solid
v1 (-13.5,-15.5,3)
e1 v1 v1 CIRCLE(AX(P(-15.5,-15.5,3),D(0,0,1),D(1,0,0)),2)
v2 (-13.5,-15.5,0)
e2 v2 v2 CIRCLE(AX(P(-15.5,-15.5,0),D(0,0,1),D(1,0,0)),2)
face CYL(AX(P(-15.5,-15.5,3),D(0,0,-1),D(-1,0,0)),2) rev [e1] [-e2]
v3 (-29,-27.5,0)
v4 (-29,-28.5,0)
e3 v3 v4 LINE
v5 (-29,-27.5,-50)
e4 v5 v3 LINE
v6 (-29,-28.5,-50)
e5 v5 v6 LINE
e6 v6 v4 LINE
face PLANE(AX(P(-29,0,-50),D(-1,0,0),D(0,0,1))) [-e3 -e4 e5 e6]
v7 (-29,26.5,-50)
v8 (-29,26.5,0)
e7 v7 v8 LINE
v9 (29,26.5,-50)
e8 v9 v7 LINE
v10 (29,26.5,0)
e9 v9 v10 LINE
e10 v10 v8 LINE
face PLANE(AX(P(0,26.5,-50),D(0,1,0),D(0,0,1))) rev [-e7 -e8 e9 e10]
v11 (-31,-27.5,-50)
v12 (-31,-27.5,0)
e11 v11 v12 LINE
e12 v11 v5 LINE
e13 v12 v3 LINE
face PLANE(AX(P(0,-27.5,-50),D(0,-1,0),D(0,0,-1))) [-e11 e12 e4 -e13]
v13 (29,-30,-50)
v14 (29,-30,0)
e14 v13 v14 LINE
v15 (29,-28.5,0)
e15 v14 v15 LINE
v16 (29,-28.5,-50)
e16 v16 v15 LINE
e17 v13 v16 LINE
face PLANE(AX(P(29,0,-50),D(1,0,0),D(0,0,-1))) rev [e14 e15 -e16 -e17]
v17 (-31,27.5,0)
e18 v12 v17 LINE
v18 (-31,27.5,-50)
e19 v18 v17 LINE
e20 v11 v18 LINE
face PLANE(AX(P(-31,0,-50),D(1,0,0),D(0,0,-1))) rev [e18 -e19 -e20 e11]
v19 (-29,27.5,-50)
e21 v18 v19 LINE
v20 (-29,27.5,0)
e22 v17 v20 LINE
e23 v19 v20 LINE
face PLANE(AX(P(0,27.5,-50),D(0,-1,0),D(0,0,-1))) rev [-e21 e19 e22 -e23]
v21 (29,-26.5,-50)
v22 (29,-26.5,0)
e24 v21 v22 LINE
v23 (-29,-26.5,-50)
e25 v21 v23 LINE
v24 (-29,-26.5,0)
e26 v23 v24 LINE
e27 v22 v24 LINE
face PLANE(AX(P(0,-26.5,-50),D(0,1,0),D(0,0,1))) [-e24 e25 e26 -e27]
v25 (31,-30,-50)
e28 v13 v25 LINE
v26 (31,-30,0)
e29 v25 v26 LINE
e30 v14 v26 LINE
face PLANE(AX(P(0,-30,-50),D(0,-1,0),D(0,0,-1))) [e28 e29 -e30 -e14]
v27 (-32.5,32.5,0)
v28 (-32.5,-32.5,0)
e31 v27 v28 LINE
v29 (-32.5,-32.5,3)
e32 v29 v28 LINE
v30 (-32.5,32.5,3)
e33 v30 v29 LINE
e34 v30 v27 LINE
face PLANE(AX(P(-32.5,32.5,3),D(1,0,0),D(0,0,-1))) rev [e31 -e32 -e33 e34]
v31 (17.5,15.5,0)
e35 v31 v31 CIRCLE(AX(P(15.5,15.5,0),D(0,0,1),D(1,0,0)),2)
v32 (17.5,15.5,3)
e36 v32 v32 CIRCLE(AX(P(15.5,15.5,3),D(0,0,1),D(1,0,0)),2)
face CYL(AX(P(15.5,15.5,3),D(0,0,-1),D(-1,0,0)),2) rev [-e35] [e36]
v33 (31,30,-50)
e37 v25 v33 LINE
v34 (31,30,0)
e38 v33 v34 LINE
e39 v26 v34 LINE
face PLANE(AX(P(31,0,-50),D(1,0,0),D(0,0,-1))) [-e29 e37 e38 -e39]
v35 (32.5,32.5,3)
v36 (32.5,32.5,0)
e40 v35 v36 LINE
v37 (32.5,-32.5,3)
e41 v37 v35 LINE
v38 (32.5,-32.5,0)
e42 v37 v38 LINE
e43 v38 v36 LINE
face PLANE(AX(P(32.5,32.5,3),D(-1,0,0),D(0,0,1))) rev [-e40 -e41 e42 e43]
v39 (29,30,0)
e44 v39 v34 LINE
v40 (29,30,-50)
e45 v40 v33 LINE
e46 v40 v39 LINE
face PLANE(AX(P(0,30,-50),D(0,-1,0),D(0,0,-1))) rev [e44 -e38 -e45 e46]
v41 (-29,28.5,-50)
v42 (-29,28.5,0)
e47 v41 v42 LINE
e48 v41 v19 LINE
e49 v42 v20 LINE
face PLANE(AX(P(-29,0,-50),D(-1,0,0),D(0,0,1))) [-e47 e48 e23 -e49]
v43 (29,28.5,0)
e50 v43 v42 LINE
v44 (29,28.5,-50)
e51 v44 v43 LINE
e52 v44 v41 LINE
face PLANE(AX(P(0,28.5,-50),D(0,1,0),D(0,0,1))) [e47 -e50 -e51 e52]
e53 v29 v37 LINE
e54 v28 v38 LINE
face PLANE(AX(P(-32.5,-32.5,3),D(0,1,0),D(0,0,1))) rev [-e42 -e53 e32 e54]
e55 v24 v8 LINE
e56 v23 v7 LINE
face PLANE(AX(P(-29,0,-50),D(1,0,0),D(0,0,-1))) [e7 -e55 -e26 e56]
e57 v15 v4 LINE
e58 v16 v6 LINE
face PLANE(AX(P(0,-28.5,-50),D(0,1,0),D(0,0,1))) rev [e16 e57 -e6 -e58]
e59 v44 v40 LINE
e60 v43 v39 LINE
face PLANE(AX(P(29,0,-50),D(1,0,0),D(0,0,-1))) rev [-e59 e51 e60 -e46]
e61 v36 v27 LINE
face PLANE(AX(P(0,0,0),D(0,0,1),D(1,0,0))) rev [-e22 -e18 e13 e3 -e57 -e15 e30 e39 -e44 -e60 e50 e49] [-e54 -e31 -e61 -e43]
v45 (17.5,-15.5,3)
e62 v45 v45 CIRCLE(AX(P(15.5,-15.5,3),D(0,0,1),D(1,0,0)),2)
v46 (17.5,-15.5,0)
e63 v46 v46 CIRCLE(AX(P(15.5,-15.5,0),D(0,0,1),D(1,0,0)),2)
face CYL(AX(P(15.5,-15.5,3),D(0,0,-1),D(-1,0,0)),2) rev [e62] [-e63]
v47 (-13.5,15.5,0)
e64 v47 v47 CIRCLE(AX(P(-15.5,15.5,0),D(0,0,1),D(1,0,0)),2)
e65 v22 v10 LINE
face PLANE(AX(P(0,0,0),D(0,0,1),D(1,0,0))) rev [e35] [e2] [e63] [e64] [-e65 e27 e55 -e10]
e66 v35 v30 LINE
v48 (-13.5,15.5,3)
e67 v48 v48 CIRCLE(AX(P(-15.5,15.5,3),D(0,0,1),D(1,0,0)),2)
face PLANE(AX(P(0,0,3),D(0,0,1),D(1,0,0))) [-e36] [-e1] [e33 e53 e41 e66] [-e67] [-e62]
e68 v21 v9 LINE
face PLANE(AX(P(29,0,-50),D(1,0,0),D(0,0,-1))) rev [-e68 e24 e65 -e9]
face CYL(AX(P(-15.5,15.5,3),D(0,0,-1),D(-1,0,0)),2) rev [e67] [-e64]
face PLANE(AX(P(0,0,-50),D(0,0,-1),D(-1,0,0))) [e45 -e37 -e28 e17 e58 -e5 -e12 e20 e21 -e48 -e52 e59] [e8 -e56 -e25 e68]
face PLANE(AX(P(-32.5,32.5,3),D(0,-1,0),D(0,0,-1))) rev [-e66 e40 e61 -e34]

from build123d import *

# Parameters (mm, degrees)
SKETCH1_W           = 65
SKETCH1_H           = 65
SKETCH1_R           = 2
BOSS_EXTRUDE1_DEPTH = 3
SKETCH4_W           = 2
SKETCH4_H           = 60
SKETCH4_H_2         = 55
BOSS_EXTRUDE3_DEPTH = 50


with BuildPart() as part:
    # Sketch1 → Boss-Extrude1 (new body)
    with BuildSketch(Plane.XY):
        Rectangle(SKETCH1_W, SKETCH1_H)
        with Locations((-15.5, 15.5)):
            Circle(SKETCH1_R, mode=Mode.SUBTRACT)
        with Locations((15.5, 15.5)):
            Circle(SKETCH1_R, mode=Mode.SUBTRACT)
        with Locations((15.5, -15.5)):
            Circle(SKETCH1_R, mode=Mode.SUBTRACT)
        with Locations((-15.5, -15.5)):
            Circle(SKETCH1_R, mode=Mode.SUBTRACT)
    extrude(amount=BOSS_EXTRUDE1_DEPTH)

    # Sketch4 → Boss-Extrude3 (add)
    with BuildSketch(Plane(origin=(0, 0, 0), x_dir=(-1, 0, 0), z_dir=(0, 0, -1))):
        with Locations((-30, 0)):
            Rectangle(SKETCH4_W, SKETCH4_H)
        Polygon((29, -26.5), (-29, -26.5), (-29, -28.5), (29, -28.5), (29, -27.5), align=None)
        with Locations((30, 0)):
            Rectangle(SKETCH4_W, SKETCH4_H_2)
        Polygon((29, 27.5), (29, 28.5), (-29, 28.5), (-29, 26.5), (29, 26.5), align=None)
    extrude(amount=BOSS_EXTRUDE3_DEPTH)


solid = part.part
